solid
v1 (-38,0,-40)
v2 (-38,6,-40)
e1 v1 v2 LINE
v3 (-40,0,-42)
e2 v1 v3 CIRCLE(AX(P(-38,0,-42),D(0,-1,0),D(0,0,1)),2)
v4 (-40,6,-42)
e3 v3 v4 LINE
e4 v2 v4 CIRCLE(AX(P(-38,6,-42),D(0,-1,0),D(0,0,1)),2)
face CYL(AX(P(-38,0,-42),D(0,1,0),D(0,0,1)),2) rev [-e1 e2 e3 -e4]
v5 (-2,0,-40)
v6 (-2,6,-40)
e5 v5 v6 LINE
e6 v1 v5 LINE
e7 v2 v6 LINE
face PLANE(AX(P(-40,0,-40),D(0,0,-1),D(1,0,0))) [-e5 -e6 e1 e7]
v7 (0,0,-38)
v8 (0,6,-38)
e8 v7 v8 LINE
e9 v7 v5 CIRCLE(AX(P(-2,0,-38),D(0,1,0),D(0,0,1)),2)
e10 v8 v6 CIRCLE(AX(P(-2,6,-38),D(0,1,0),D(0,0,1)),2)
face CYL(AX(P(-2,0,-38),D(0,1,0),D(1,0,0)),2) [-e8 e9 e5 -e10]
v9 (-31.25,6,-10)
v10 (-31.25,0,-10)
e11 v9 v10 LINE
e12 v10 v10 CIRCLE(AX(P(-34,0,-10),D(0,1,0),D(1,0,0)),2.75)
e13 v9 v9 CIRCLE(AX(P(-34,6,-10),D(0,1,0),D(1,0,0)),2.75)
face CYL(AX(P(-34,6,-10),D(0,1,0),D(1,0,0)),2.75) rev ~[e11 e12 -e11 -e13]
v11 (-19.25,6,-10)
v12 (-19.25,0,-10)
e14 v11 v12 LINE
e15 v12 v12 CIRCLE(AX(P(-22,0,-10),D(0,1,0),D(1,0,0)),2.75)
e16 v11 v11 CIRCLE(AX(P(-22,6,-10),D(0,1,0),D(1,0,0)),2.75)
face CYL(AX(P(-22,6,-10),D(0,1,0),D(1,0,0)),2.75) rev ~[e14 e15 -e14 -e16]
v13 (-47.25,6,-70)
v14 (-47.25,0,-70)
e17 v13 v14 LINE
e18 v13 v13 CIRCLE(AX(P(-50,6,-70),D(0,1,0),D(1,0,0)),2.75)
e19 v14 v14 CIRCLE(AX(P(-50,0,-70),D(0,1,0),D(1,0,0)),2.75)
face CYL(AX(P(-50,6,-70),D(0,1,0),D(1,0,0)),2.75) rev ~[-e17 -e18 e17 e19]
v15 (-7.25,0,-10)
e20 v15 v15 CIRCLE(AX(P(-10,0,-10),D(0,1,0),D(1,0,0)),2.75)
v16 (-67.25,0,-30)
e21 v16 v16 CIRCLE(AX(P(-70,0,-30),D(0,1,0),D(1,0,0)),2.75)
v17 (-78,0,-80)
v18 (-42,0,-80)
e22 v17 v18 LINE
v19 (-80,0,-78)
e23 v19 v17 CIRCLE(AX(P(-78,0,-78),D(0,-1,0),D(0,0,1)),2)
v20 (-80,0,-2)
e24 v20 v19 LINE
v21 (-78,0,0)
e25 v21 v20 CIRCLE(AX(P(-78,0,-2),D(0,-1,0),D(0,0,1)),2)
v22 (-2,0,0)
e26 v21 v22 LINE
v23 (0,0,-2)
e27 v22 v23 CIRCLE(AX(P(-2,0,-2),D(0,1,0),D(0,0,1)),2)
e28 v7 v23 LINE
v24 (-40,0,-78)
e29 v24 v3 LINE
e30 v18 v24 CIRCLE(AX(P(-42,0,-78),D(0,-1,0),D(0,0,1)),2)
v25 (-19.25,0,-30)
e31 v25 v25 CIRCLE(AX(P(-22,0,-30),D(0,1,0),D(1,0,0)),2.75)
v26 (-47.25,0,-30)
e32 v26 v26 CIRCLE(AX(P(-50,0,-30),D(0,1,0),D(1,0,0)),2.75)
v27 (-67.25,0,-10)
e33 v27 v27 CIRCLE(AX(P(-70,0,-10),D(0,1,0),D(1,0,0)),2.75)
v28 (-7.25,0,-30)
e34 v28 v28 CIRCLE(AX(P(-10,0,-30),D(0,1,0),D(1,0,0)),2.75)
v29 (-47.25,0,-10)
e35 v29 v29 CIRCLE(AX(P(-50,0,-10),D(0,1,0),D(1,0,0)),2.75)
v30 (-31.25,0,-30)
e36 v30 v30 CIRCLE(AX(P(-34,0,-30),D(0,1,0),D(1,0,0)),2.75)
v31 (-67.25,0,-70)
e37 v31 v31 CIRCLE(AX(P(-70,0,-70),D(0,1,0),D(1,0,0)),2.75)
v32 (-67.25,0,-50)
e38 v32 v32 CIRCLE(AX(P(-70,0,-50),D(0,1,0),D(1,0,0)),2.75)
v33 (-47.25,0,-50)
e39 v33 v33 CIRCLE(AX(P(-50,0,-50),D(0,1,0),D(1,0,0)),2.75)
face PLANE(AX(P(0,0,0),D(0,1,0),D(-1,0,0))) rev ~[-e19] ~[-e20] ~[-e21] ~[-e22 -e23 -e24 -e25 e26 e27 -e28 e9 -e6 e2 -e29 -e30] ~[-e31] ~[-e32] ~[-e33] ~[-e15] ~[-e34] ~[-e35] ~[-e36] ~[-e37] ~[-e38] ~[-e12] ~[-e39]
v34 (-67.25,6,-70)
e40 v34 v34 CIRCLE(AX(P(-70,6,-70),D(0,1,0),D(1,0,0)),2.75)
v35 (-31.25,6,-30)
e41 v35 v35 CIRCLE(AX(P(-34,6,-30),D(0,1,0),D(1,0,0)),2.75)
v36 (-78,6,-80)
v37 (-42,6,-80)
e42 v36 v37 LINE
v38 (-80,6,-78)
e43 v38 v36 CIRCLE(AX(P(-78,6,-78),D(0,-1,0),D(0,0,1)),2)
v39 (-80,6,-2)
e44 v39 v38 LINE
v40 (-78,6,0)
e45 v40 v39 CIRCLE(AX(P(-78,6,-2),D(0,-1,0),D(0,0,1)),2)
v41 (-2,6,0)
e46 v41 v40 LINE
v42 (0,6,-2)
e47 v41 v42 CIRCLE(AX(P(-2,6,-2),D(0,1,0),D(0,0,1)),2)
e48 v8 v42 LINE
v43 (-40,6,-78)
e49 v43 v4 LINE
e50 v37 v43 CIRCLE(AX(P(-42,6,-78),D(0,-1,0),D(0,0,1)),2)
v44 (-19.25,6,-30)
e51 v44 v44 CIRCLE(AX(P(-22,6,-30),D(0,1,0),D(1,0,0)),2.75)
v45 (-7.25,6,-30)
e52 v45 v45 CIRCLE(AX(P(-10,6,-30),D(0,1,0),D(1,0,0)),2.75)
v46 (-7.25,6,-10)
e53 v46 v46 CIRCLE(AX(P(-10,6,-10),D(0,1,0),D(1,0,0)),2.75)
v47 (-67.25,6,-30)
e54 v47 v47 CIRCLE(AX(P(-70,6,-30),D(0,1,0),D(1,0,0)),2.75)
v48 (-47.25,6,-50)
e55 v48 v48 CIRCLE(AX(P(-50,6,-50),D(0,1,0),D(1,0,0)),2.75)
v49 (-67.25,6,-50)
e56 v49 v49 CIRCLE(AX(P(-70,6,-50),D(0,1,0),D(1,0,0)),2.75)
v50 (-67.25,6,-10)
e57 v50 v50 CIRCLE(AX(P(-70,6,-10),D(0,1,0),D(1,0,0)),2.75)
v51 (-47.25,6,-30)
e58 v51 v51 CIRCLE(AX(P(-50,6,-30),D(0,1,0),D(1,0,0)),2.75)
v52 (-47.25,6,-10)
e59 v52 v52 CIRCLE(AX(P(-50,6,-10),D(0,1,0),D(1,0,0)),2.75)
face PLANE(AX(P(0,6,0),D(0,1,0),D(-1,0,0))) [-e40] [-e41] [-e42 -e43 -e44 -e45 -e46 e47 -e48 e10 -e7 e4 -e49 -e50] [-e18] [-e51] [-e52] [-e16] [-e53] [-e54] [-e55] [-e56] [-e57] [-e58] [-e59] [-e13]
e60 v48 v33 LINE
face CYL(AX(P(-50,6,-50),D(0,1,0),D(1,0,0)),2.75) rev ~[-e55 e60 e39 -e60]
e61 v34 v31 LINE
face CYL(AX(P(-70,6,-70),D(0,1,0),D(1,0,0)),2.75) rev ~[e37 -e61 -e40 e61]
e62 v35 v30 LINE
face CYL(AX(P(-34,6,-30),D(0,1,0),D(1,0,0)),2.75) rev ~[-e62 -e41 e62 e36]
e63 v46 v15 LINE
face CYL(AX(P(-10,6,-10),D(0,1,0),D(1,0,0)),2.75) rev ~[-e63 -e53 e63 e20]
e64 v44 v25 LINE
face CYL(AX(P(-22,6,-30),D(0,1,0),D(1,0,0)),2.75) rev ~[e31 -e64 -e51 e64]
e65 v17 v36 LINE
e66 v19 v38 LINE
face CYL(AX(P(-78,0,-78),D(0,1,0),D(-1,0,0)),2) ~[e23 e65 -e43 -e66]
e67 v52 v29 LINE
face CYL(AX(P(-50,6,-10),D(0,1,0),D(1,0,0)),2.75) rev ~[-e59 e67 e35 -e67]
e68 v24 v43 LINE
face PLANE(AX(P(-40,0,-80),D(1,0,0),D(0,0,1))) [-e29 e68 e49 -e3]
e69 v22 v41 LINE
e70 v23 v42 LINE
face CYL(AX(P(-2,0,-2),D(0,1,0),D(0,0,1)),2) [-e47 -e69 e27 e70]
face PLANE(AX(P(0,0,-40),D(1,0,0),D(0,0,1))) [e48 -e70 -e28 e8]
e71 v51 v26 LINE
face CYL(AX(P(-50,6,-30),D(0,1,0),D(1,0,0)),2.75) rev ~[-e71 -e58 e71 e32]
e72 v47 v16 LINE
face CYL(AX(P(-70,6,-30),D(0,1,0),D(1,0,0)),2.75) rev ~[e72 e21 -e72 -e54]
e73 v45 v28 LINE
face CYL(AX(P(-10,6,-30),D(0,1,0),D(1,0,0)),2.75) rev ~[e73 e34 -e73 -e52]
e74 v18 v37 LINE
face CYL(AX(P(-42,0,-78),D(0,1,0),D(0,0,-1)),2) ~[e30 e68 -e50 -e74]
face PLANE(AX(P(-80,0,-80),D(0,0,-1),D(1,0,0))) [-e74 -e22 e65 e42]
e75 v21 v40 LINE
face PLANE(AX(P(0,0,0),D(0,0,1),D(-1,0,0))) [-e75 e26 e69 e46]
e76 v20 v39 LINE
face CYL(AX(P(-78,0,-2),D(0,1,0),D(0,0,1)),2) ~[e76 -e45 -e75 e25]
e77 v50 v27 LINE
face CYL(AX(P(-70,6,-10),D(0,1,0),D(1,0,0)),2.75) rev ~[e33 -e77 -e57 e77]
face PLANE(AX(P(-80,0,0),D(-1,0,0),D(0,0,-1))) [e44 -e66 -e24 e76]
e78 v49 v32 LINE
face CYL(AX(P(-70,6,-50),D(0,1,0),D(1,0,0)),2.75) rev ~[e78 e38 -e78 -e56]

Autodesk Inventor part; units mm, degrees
ref_plane "YZ Plane" through (0, 0, 0) normal (1, 0, 0) x (0, 1, 0)
ref_plane "XZ Plane" through (0, 0, 0) normal (0, 1, 0) x (-1, 0, 0)
ref_plane "XY Plane" through (0, 0, 0) normal (0, 0, 1) x (1, 0, 0)
sketch "Sketch1" plane through (0, 0, 0) normal (0, 1, 0) x (-1, 0, 0)
  line L0 (0, 0) -> (40, 0)
  line L1 (40, 0) -> (40, -40)
  line L2 (40, -40) -> (0, -40)
  line L3 (0, -40) -> (0, 0)
  line L4 (40, 0) -> (80, 0)
  line L5 (80, 0) -> (80, -80)
  line L6 (80, -80) -> (40, -80)
  line L7 (40, -80) -> (40, 0)
  dimension "d0" = 40
  dimension "d1" = 40
  dimension "d2" = 40
  dimension "d3" = 80
extrude "Extrusion1" add sketch "Sketch1" along normal blind 6
sketch "Sketch2" plane through (0, 6, 0) normal (0, 1, 0) x (1, 0, 0)
  line L0 (0, 0) -> (0, 40) projected
  line L1 (0, 0) -> (0, 10)
  line L2 (0, 40) -> (0, 30)
  circle A0 centre (-10, 10) radius 2.75
  line L3 (-80, 0) -> (0, 0) projected
  circle A1 centre (-22, 10) radius 2.75
  circle A2 centre (-34, 10) radius 2.75
  circle A3 centre (-10, 30) radius 2.75
  circle A4 centre (-22, 30) radius 2.75
  circle A5 centre (-34, 30) radius 2.75
  circle A6 centre (-70, 70) radius 2.75
  line L4 (-80, 80) -> (-80, 0) projected
  line L5 (-40, 80) -> (-80, 80) projected
  circle A7 centre (-70, 50) radius 2.75
  circle A8 centre (-70, 30) radius 2.75
  circle A9 centre (-70, 10) radius 2.75
  circle A10 centre (-50, 70) radius 2.75
  circle A11 centre (-50, 50) radius 2.75
  circle A12 centre (-50, 30) radius 2.75
  circle A13 centre (-50, 10) radius 2.75
  dimension "d6" = 10
  dimension "d7" = 10
  dimension "d8" = 5.5
  dimension "d9" = 10
  dimension "d10" = 10
  dimension "d13" = 12
  dimension "d16" = 20
  dimension "d19" = 5.5
  dimension "d20" = 10
  dimension "d21" = 10
  dimension "d24" = 20
  dimension "d27" = 20
extrude "Extrusion2" cut sketch "Sketch2" against normal up to next
fillet "Fillet1" radius 2 6 edges at (0, 3, 0) (0, 3, -40) (-40, 3, -80) (-80, 3, 0) (-80, 3, -80) (-40, 3, -40)
properties part number "90deg_4040Bracket"
